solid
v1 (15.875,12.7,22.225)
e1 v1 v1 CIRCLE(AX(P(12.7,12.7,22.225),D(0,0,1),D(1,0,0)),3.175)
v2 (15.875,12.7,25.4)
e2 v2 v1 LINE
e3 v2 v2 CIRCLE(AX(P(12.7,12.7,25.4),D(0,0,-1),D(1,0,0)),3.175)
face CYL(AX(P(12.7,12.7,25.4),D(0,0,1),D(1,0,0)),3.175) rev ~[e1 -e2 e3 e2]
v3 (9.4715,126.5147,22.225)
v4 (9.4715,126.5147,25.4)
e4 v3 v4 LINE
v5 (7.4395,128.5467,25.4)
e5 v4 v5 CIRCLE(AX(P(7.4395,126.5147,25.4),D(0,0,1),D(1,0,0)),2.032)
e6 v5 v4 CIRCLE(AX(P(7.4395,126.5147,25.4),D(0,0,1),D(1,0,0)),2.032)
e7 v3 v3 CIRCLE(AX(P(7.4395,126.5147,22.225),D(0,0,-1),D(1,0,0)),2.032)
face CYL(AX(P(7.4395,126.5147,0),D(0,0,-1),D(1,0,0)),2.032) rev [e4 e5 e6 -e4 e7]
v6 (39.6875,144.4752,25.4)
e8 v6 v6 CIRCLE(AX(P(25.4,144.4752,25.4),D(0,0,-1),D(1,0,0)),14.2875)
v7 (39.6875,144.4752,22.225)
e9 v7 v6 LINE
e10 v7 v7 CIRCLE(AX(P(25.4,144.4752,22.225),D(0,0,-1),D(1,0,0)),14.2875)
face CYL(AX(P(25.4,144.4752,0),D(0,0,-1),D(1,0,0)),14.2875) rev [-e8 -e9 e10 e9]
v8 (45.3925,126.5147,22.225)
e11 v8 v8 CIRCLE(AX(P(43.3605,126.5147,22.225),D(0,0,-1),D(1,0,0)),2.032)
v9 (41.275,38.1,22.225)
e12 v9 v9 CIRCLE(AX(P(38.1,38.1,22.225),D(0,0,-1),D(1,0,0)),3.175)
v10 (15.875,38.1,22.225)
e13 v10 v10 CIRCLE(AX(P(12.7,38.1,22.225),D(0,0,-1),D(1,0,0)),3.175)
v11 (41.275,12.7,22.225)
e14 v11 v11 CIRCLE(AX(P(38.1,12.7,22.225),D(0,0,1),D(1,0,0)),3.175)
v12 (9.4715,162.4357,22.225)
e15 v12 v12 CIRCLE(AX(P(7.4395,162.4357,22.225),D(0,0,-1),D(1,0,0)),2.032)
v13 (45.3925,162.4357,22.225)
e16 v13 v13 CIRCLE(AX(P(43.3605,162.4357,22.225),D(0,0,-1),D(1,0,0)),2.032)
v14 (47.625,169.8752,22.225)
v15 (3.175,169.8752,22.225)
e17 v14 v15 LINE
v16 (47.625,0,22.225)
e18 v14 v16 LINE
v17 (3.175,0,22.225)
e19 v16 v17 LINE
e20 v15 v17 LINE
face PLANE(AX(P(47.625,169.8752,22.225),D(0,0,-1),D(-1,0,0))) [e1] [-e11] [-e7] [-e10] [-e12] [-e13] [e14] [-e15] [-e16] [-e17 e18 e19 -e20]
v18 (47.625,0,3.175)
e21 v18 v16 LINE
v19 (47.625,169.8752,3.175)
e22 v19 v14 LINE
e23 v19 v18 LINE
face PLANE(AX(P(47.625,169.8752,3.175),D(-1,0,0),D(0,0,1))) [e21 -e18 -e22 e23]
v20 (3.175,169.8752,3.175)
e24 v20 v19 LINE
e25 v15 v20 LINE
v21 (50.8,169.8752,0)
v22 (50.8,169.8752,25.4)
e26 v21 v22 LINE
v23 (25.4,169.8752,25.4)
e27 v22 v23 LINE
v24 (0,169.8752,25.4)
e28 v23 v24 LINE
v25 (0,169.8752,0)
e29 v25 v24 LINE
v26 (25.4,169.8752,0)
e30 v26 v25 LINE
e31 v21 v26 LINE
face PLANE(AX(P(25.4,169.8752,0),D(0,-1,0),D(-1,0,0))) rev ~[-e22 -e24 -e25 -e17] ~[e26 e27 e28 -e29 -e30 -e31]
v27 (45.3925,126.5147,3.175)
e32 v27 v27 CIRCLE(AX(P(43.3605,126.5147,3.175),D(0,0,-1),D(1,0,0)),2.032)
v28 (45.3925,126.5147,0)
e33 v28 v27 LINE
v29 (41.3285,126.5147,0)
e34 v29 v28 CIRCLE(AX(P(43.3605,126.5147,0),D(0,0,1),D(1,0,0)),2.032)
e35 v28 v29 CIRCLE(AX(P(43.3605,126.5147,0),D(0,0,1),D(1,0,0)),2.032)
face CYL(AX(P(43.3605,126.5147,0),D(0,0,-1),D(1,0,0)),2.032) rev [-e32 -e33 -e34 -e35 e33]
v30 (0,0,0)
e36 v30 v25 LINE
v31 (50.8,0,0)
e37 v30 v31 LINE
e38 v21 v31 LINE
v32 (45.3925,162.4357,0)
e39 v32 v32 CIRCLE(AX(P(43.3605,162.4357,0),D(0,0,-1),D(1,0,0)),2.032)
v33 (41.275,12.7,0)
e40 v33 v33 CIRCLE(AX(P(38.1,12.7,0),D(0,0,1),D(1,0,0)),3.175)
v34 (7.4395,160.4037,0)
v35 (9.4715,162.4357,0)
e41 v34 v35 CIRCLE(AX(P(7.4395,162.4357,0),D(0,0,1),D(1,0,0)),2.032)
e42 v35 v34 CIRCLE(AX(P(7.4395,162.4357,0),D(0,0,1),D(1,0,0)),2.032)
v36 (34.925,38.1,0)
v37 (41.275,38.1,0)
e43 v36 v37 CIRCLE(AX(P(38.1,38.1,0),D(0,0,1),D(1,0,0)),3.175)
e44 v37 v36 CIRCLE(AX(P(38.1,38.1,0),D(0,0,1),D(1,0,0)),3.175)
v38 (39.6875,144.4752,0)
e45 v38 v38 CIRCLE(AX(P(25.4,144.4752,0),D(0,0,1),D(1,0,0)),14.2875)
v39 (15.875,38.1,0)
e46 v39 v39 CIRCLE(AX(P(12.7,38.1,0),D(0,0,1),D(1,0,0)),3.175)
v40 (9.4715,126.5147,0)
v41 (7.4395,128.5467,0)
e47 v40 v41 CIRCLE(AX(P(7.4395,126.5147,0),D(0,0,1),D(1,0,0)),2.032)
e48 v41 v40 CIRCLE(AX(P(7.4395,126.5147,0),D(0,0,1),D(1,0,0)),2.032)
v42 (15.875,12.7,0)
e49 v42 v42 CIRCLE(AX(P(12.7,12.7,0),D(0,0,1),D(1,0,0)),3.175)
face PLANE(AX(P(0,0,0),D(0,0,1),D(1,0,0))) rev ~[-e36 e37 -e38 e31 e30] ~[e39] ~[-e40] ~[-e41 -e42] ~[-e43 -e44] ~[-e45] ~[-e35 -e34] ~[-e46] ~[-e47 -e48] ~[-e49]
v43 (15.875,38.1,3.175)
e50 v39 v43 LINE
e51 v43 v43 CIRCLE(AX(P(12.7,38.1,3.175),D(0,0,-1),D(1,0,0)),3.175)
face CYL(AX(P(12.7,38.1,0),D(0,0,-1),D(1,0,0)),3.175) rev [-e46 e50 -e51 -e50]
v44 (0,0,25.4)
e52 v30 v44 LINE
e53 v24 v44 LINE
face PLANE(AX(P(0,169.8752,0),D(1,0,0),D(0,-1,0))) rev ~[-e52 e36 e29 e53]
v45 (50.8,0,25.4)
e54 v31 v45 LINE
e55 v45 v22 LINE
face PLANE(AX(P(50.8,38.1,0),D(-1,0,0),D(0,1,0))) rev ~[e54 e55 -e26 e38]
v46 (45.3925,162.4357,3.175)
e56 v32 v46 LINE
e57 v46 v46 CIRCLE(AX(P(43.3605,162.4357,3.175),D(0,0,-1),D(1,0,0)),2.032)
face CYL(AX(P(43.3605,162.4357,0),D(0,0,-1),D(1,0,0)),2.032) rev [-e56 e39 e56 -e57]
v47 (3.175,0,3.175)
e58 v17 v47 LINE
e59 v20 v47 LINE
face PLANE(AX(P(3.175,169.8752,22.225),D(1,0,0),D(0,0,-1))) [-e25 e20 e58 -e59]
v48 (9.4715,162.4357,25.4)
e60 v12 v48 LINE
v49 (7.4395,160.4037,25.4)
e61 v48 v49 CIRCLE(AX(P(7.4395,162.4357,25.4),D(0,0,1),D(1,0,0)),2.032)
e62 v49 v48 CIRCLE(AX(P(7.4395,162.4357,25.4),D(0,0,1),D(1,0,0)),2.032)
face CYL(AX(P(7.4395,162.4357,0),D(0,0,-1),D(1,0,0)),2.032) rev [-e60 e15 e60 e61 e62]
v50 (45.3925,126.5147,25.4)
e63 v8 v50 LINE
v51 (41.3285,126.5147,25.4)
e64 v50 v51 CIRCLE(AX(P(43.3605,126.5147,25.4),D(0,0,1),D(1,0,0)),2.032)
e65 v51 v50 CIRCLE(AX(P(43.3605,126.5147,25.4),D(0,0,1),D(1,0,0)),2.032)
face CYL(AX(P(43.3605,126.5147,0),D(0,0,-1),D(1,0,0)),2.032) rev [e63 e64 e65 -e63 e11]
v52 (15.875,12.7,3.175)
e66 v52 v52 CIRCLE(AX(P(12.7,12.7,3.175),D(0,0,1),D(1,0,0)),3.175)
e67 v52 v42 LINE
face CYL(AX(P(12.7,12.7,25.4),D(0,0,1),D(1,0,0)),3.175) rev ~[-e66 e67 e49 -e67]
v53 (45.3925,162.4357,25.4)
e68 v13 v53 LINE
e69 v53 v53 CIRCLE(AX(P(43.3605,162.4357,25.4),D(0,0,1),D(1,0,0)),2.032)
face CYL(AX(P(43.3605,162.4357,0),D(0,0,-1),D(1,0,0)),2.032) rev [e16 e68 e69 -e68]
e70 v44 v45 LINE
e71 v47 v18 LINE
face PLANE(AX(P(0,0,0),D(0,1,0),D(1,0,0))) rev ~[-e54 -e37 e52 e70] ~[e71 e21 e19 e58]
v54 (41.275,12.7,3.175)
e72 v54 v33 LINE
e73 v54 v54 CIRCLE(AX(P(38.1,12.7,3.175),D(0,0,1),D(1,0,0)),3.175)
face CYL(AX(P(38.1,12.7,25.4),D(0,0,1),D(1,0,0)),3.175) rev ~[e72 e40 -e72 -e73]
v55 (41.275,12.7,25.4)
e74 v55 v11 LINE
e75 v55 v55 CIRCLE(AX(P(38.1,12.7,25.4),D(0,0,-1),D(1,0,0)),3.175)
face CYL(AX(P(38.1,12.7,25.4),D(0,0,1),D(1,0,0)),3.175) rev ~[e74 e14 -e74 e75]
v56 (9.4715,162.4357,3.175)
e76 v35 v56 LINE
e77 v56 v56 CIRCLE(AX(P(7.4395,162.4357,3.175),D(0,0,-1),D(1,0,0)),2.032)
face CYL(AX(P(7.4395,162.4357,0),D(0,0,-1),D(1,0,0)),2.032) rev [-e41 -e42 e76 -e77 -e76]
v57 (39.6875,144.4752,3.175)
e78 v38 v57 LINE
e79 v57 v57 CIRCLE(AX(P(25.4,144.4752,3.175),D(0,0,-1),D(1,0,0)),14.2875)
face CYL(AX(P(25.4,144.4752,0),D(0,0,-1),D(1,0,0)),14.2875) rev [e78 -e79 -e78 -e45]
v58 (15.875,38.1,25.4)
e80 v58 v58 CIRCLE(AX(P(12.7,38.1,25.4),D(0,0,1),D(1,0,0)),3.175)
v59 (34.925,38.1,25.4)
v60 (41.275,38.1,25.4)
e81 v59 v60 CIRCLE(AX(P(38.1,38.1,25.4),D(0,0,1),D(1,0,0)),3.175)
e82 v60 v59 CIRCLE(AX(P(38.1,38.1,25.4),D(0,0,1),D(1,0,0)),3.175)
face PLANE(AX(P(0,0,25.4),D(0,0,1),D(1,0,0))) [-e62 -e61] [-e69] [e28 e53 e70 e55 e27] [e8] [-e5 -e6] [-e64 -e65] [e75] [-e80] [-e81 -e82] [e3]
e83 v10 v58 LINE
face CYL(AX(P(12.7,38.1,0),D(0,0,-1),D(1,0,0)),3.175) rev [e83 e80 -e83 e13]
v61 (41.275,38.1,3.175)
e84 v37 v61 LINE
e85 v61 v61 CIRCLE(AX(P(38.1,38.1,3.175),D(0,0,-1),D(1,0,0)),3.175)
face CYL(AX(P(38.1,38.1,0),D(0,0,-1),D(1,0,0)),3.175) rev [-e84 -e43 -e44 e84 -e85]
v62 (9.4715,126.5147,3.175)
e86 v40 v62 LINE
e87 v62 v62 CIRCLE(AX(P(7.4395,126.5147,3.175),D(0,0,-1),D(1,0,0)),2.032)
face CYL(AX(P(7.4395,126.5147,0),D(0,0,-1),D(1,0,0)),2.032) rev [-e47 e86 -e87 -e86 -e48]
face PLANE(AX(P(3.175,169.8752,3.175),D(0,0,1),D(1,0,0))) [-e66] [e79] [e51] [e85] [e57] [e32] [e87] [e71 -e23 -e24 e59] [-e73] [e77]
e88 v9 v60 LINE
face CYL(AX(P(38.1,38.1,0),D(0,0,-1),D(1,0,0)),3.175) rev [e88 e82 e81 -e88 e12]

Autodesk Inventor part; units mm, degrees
ref_plane "YZ Plane" through (0, 0, 0) normal (1, 0, 0) x (0, 1, 0)
ref_plane "XZ Plane" through (0, 0, 0) normal (0, 1, 0) x (-1, 0, 0)
ref_plane "XY Plane" through (0, 0, 0) normal (0, 0, 1) x (1, 0, 0)
sketch "Sketch1" plane through (0, 0, 0) normal (0, 0, 1) x (1, 0, 0)
  line L0 (0, 0) -> (50.8, 0)
  line L1 (50.8, 0) -> (50.8, 169.8752)
  line L2 (50.8, 169.8752) -> (0, 169.8752)
  line L3 (0, 169.8752) -> (0, 0)
  line L4 (25.4, 169.8752) -> (25.4, 144.4752)
  line L5 (25.4, 169.8752) -> (50.8, 169.8752) construction
  circle A0 centre (25.4, 144.4752) radius 14.2875
  line L6 (25.4, 144.4752) -> (43.3605, 162.4357)
  line L7 (25.4, 144.4752) -> (50.8, 144.4752) construction
  line L8 (7.4395, 126.5147) -> (43.3605, 126.5147)
  line L9 (43.3605, 162.4357) -> (7.4395, 162.4357)
  line L10 (7.4395, 162.4357) -> (7.4395, 126.5147)
  circle A1 centre (7.4395, 162.4357) radius 2.032
  circle A2 centre (7.4395, 126.5147) radius 2.032
  circle A3 centre (43.3605, 162.4357) radius 2.032
  circle A4 centre (43.3605, 126.5147) radius 2.032
  line L11 (0, 0) -> (50.8, 0)
  line L12 (50.8, 0) -> (50.8, 38.1)
  line L13 (0, 38.1) -> (0, 0)
  line L14 (25.4, 38.1) -> (12.7, 38.1)
  line L15 (25.4, 38.1) -> (38.1, 38.1) construction
  line L16 (12.7, 38.1) -> (38.1, 38.1)
  circle A5 centre (12.7, 38.1) radius 3.175
  circle A6 centre (38.1, 38.1) radius 3.175
  dimension "d0" = 50.8
  dimension "d1" = 169.8752
  dimension "d2" = 25.4
  dimension "d3" = 90
  dimension "d4" = 28.575
  dimension "d5" = 25.4
  dimension "d6" = 45
  dimension "d7" = 50.8
  dimension "d9" = 4.064
  dimension "d10" = 4.064
  dimension "d11" = 4.064
  dimension "d12" = 4.064
  dimension "d13" = 50.8
  dimension "d14" = 38.1
  dimension "d15" = 12.7
  dimension "d16" = 180
  dimension "d17" = 25.4
  dimension "d18" = 0
  dimension "d19" = 6.35
  dimension "d20" = 6.35
extrude "Extrusion1" add sketch "Sketch1" along normal blind 25.4 contours L9 A3 L6 A0 L4 | L3 L2 L1 L0
sketch "Sketch2" plane through (0, 169.8752, 0) normal (0, 1, 0) x (1, 0, 0)
  line L0 (0, 0) -> (3.175, 0)
  line L1 (3.175, 0) -> (3.175, -3.175)
  line L2 (3.175, -3.175) -> (0, -3.175)
  line L3 (0, -3.175) -> (0, 0)
  line L4 (3.175, -3.175) -> (47.625, -3.175)
  line L5 (47.625, -3.175) -> (47.625, -22.225)
  line L6 (47.625, -22.225) -> (3.175, -22.225)
  line L7 (3.175, -22.225) -> (3.175, -3.175)
  dimension "d23" = 3.175
  dimension "d24" = 3.175
  dimension "d25" = 44.45
  dimension "d26" = 19.05
extrude "Extrusion2" cut sketch "Sketch2" against normal blind 254 contours L4 L5 L6 L7
sketch "Sketch3" plane through (0, 0, 25.4) normal (0, 0, 1) x (1, 0, 0)
  circle A0 centre (12.7, 38.1) radius 3.175 projected
  line L0 (12.7, 38.1) -> (38.1, 38.1)
  line L1 (38.1, 38.1) -> (38.1, 12.7)
  line L2 (38.1, 12.7) -> (12.7, 12.7)
  line L3 (12.7, 12.7) -> (12.7, 38.1)
  circle A1 centre (12.7, 12.7) radius 3.175
  circle A2 centre (38.1, 12.7) radius 3.175
  dimension "d29" = 25.4
  dimension "d30" = 25.4
  dimension "d31" = 6.35
  dimension "d32" = 6.35
extrude "Extrusion3" cut sketch "Sketch3" against normal blind 25.4 contours A1 L2 L3 | L3 L2 A1 | A2 L2 L1 | L1 L2 A2
properties part number "Z-Bar"
